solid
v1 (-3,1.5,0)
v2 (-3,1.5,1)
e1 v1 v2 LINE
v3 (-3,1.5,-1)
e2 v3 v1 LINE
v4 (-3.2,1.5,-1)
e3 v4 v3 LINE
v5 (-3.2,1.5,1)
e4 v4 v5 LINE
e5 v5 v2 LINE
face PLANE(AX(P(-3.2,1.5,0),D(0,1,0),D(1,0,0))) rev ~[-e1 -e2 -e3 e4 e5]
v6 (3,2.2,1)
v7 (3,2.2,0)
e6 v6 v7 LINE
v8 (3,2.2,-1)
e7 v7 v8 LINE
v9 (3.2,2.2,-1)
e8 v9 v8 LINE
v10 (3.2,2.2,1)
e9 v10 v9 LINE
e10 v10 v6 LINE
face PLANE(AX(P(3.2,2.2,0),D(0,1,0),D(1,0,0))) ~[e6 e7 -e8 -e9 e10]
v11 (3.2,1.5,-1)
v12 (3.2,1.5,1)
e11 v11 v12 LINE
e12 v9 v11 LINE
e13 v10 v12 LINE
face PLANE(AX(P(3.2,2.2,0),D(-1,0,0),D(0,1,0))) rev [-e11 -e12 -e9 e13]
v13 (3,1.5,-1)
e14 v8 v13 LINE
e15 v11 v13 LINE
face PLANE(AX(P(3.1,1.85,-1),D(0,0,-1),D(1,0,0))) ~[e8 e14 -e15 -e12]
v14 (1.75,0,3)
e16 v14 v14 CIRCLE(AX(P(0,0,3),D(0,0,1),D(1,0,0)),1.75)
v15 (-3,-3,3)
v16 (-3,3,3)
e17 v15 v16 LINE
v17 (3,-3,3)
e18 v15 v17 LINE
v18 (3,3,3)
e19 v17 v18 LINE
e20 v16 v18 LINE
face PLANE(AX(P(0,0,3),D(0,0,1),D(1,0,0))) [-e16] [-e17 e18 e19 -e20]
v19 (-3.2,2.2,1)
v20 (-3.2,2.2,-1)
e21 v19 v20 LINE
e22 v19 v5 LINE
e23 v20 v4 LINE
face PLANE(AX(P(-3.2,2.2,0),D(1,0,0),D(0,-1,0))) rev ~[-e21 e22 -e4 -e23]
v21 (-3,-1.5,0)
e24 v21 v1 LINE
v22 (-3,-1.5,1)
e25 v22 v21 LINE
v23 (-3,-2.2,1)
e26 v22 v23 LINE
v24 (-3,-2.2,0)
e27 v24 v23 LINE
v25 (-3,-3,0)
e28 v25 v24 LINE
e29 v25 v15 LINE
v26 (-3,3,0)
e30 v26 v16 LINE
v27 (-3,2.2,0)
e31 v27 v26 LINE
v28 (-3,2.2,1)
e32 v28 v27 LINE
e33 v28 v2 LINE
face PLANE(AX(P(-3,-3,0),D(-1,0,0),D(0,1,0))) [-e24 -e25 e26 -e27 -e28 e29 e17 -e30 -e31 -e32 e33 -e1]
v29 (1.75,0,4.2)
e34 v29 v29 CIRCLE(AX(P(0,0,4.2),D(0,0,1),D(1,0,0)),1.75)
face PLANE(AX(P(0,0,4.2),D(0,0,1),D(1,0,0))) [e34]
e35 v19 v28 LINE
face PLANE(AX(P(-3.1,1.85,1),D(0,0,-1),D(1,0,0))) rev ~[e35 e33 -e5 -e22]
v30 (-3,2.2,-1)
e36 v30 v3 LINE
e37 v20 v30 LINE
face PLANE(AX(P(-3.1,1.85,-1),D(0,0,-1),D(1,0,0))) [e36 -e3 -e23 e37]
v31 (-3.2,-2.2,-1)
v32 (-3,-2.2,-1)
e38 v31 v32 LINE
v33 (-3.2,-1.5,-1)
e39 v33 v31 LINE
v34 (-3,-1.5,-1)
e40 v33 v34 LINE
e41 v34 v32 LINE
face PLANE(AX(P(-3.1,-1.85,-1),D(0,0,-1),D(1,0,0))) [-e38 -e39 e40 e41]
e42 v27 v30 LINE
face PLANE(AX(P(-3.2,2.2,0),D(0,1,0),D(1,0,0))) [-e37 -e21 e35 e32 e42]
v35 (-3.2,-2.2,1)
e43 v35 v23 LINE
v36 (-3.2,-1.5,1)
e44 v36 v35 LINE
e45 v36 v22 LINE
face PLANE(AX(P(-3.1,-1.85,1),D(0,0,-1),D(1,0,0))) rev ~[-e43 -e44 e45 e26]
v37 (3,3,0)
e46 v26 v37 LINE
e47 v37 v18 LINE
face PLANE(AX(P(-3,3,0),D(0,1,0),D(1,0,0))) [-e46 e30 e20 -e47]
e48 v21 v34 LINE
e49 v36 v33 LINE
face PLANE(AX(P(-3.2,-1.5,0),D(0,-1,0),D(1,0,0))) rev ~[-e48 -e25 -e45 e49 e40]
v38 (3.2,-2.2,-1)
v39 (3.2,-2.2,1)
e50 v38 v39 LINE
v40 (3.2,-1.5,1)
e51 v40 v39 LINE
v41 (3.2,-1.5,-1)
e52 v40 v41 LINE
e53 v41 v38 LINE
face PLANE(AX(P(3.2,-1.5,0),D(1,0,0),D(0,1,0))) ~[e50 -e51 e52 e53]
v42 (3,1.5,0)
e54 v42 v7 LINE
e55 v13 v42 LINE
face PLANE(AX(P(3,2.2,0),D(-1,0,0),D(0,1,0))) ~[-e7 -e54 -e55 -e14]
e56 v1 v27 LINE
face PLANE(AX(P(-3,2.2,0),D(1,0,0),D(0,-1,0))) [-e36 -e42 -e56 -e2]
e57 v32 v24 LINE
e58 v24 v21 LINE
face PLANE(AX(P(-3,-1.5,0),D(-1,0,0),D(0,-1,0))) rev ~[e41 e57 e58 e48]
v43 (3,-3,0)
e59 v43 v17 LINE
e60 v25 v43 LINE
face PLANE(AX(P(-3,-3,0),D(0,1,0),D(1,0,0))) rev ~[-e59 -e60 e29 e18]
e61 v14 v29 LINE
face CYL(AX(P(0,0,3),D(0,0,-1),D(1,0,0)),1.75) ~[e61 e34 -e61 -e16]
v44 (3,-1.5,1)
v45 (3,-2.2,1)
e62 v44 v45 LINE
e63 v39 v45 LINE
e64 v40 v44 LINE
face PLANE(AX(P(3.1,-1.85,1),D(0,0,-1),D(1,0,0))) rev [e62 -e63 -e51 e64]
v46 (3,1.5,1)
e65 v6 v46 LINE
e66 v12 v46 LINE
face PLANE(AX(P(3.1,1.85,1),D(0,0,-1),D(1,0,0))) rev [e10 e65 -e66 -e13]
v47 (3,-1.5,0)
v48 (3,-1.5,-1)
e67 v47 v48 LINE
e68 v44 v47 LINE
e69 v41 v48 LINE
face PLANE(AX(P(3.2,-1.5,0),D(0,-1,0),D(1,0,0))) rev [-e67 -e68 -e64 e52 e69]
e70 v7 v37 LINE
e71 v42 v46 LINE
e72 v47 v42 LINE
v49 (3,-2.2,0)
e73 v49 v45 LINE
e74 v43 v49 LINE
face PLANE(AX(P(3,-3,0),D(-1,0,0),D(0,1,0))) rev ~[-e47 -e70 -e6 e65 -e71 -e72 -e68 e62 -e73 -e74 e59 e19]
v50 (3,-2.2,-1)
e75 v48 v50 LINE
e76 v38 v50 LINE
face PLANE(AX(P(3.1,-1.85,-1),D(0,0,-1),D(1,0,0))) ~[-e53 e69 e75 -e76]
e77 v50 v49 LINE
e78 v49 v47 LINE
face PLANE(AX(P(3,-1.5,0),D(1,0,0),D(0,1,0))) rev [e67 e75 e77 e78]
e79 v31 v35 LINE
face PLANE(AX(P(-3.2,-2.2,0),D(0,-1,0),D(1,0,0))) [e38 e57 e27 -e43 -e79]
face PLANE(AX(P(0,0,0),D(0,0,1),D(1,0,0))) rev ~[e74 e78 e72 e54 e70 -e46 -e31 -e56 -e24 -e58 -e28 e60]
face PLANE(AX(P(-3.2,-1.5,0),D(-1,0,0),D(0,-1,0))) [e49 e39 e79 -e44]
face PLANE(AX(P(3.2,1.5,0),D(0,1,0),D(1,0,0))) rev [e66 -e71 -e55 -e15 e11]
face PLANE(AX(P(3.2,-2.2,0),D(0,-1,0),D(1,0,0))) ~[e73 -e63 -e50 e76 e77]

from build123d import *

# Parameters (mm, degrees)
SKETCH_W     = 6
SKETCH_H     = 6
PAD_DEPTH    = 3
SKETCH001_R  = 1.75
PAD001_DEPTH = 1.2
SKETCH002_W  = 0.2
SKETCH002_H  = 0.7
PAD002_DEPTH = 1


with BuildPart() as part:
    # Sketch → Pad (new body)
    with BuildSketch(Plane.XY):
        Rectangle(SKETCH_W, SKETCH_H)
    extrude(amount=PAD_DEPTH)

    # Sketch001 (on Face6 of Pad) → Pad001 (join)
    with BuildSketch(Plane.XY.offset(3)):
        Circle(SKETCH001_R)
    extrude(amount=PAD001_DEPTH)

    # Sketch002 (on Face4 of Pad001) → Pad002 (join, symmetric)
    with BuildSketch(Plane(origin=(0, 0, 0), x_dir=(1, 0, 0), z_dir=(0, 0, -1))):
        with Locations((-3.1, 1.85)):
            Rectangle(SKETCH002_W, SKETCH002_H)
        with Locations((-3.1, -1.85)):
            Rectangle(SKETCH002_W, SKETCH002_H)
    pad002 = extrude(amount=PAD002_DEPTH, both=True)

    # Mirrored: Pad002 across YZ
    add(pad002.mirror(Plane.YZ))


solid = part.part
